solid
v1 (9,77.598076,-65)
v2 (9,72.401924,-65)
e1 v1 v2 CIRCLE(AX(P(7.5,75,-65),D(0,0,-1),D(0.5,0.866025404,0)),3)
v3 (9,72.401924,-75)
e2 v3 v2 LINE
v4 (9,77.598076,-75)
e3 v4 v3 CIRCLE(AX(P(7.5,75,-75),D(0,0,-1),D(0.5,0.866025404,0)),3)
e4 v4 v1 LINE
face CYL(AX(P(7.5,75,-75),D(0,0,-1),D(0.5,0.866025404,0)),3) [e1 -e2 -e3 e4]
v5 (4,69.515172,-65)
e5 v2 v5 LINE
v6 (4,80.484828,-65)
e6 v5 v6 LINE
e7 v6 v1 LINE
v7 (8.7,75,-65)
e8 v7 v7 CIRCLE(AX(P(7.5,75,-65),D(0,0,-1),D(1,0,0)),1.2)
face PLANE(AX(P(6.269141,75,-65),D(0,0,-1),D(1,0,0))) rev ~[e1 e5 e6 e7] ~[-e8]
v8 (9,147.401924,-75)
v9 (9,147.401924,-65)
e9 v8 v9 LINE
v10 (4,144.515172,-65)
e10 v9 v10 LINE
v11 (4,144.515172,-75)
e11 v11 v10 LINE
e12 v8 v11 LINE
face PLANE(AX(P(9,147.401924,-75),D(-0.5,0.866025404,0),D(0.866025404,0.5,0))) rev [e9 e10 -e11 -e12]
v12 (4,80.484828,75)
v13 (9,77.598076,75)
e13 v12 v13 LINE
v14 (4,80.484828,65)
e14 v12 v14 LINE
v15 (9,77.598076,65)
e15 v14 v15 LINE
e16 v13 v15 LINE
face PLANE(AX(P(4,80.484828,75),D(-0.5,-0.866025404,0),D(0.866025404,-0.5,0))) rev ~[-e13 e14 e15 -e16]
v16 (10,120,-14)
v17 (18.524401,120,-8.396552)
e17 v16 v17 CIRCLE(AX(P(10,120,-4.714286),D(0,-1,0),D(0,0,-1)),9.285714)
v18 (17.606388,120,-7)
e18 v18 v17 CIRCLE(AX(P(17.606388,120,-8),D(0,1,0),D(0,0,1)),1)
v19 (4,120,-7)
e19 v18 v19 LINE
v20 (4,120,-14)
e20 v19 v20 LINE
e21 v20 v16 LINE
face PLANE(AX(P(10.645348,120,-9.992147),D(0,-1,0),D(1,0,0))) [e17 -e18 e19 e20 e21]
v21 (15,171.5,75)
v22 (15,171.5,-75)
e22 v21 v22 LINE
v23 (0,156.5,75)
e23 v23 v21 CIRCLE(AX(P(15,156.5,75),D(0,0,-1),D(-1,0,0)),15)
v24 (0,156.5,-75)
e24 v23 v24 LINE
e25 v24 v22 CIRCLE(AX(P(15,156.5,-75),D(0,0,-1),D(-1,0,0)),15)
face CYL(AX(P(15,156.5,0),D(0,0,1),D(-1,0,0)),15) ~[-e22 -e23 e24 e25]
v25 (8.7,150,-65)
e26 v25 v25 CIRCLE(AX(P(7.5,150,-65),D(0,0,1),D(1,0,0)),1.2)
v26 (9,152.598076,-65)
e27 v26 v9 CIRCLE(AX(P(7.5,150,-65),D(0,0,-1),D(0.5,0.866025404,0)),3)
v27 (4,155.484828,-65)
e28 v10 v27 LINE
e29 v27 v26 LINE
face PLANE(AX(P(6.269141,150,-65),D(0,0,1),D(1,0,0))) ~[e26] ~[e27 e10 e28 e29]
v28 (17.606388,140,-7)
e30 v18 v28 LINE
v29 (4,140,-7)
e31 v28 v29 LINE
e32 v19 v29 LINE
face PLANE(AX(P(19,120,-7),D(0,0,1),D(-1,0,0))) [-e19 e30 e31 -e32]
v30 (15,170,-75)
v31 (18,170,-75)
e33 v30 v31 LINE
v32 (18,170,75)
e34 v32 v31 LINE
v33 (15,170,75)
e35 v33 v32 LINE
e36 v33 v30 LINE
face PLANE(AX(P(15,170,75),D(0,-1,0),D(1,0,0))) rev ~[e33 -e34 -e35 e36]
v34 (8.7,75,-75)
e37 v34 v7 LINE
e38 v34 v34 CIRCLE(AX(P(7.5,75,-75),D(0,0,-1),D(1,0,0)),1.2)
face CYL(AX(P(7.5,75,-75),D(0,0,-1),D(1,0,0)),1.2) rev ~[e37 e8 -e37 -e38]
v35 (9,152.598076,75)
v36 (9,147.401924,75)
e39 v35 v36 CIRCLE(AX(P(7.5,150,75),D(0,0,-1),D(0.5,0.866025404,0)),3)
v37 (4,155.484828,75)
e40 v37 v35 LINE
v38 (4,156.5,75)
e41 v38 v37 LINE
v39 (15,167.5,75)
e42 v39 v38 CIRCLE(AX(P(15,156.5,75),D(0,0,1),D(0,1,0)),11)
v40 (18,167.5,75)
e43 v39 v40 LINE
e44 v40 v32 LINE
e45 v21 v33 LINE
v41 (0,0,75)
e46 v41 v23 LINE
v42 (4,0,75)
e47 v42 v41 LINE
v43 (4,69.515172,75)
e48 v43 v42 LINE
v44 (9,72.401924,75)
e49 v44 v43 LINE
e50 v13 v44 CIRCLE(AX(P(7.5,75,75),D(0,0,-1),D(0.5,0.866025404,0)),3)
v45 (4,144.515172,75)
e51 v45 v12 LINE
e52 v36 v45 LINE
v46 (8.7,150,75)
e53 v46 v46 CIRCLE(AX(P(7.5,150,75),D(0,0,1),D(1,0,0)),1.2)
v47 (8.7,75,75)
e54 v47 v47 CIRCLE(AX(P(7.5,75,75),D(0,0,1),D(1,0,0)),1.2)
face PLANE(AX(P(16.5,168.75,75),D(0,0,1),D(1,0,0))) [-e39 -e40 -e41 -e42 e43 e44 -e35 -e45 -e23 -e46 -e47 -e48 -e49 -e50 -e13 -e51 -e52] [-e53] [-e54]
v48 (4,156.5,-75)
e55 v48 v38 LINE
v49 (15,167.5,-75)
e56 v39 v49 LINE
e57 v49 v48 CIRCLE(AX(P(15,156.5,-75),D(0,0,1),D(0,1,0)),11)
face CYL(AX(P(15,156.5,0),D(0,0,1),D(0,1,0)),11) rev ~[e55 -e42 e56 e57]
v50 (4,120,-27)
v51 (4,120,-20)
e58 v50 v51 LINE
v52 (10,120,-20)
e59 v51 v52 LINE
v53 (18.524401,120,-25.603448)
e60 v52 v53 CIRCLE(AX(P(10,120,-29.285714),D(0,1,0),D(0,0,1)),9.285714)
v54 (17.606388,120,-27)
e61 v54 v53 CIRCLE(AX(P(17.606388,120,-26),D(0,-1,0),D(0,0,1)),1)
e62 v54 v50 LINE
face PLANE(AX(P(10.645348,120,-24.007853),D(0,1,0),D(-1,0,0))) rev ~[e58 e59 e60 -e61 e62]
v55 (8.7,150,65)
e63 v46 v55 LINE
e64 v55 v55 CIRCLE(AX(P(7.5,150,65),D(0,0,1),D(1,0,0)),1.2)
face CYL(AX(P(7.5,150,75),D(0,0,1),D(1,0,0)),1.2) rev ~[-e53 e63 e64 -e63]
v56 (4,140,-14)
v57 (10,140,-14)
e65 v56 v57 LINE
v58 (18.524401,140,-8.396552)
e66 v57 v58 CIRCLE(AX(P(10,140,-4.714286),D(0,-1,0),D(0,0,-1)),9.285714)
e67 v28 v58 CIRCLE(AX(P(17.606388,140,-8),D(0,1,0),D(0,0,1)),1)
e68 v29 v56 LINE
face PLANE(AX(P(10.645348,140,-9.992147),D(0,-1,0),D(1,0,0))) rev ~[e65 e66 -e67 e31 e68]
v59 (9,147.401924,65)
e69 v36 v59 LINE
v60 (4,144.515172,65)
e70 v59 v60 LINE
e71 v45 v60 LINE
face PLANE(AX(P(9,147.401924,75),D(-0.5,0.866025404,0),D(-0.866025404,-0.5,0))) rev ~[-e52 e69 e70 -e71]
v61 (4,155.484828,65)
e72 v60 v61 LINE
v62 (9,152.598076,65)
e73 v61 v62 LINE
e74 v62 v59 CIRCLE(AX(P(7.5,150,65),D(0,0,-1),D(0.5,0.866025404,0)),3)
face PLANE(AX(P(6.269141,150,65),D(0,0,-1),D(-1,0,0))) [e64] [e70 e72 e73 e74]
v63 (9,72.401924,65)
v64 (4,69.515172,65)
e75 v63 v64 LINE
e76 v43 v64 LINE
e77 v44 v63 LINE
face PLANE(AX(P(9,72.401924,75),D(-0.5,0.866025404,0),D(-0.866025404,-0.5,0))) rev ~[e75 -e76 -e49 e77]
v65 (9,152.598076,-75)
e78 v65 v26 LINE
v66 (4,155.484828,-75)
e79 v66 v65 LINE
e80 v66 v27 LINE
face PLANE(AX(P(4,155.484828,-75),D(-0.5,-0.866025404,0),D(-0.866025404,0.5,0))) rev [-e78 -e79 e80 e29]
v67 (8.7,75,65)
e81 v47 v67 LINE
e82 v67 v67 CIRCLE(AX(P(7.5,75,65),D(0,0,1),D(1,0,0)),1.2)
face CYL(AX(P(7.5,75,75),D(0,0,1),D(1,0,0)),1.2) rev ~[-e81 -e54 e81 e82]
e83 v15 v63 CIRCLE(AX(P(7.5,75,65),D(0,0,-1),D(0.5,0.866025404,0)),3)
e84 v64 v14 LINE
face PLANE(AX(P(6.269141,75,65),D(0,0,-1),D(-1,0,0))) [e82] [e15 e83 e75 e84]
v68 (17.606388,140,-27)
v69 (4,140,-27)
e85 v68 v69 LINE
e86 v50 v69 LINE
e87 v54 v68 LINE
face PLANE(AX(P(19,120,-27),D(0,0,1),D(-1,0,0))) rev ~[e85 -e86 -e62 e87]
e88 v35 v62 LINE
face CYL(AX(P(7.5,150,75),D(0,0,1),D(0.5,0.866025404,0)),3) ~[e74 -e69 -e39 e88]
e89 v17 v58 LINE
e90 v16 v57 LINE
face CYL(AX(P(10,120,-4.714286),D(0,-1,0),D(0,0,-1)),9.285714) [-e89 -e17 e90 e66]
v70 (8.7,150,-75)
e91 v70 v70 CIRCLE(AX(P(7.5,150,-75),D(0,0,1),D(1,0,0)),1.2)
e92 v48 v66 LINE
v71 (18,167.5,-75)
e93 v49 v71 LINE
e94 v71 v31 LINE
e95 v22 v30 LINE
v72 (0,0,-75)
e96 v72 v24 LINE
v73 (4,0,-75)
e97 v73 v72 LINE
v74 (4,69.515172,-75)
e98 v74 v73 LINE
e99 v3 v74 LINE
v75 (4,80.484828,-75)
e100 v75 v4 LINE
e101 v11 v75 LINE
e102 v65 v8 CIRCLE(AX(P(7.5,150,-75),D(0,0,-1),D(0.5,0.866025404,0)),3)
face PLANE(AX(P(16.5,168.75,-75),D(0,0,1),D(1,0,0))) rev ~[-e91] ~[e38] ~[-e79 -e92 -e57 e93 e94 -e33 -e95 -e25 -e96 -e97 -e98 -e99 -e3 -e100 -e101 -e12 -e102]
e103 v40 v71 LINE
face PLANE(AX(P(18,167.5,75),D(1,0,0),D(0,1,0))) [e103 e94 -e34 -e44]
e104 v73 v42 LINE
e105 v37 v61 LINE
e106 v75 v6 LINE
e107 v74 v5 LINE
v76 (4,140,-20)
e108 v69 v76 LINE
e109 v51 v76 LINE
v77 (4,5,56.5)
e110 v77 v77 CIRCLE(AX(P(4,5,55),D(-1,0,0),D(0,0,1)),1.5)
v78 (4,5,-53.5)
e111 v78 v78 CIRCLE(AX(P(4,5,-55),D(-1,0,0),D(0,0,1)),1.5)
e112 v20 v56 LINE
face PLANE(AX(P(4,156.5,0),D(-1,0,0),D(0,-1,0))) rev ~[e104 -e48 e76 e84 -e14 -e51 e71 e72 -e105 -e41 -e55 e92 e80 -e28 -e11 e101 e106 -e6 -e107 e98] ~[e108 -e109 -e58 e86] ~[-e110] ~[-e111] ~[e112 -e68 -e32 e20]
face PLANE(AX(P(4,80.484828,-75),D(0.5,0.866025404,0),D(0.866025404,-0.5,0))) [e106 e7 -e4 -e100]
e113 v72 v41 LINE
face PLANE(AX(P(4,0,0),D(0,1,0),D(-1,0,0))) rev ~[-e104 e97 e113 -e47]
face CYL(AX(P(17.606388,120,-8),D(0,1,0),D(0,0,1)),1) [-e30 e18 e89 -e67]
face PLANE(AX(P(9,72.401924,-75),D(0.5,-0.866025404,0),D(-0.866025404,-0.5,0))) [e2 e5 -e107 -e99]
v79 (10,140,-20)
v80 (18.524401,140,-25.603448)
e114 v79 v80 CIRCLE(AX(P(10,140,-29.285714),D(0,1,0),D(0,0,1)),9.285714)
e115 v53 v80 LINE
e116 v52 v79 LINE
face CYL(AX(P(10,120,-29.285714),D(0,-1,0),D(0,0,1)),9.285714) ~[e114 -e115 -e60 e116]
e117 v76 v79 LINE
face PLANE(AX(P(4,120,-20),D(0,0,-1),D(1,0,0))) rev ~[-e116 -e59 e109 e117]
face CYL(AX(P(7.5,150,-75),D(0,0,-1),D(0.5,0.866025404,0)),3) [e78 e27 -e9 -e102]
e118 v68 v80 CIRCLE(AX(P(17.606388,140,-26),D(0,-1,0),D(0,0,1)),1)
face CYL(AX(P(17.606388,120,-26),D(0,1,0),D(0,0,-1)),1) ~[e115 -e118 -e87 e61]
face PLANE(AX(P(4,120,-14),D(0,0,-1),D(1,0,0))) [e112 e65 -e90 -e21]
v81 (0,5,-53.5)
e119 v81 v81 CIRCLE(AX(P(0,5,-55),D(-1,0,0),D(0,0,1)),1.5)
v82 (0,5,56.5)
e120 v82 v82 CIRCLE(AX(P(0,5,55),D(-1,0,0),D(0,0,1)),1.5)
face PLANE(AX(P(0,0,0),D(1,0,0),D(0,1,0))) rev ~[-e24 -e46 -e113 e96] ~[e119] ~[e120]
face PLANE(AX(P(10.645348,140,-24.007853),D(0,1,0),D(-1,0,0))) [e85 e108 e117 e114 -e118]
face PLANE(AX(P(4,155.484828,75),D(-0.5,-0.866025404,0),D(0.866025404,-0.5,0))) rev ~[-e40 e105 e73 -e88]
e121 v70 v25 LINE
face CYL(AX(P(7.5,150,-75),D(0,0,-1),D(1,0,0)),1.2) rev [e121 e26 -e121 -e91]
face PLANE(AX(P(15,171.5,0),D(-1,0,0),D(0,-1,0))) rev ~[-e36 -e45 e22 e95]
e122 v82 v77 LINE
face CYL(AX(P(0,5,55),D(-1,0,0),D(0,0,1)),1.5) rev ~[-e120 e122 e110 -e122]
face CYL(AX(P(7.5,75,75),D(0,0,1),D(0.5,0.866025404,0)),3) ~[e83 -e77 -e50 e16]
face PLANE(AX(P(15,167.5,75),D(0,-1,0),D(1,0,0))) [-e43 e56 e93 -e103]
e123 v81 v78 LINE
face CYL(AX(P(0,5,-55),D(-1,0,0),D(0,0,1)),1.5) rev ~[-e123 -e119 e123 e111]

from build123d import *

# Parameters (mm, degrees)
EXTRU_MINCE1_DEPTH                   = 75
ESQUISSE2_R                          = 1.5
ENL_V_MAT_EXTRU_1_DEPTH              = 188.782453919
ESQUISSE3_W                          = 3
ESQUISSE3_H                          = 2.5
BOSS_EXTRU_1_DEPTH                   = 150
ESQUISSE4_R                          = 1.2
BOSS_EXTRU_2_DEPTH                   = 10
R_P_TITION_LIN_AIRE1_COUNT           = 2
R_P_TITION_LIN_AIRE1_PITCH           = 75
R_P_TITION_LIN_AIRE1_COPY_1_SKETCH_R = 1.2
R_P_TITION_LIN_AIRE1_COPY_1_DEPTH    = 10
BOSS_EXTRU_3_START                   = -120
BOSS_EXTRU_3_DEPTH                   = 20
CONG_1_R                             = 1


with BuildPart() as part:
    # Esquisse1 → Extru.-Mince1 (new, symmetric)
    with BuildSketch(Plane.XY):
        with BuildLine():
            Line((0, 0), (0, 156.5))
            ThreePointArc((0, 156.5), (4.393398282, 167.106601718), (15, 171.5))
            Line((15, 171.5), (15, 167.5))
            ThreePointArc((15, 167.5), (7.221825407, 164.278174593), (4, 156.5))
            Line((4, 156.5), (4, 0))
            Line((4, 0), (0, 0))
        make_face()
    extrude(amount=EXTRU_MINCE1_DEPTH, both=True)

    # Esquisse2 → Enlèv. mat.-Extru.1 (cut, through all)
    with BuildSketch(Plane.ZY):
        with Locations((-55, 5)):
            Circle(ESQUISSE2_R)
        with Locations((55, 5)):
            Circle(ESQUISSE2_R)
    extrude(amount=-ENL_V_MAT_EXTRU_1_DEPTH, mode=Mode.SUBTRACT)

    # Esquisse3 → Boss.-Extru.1 (add)
    with BuildSketch(Plane.XY.offset(75)):
        with Locations((16.5, 168.75)):
            Rectangle(ESQUISSE3_W, ESQUISSE3_H)
    extrude(amount=-BOSS_EXTRU_1_DEPTH)

    # Esquisse4 → Boss.-Extru.2 (add)
    with BuildSketch(Plane.XY.offset(75)):
        with BuildLine():
            Line((4, 155.484827557), (9, 152.598076211))
            ThreePointArc((9, 152.598076211), (10.5, 150), (9, 147.401923789))
            Line((9, 147.401923789), (4, 144.515172443))
            Line((4, 144.515172443), (4, 155.484827557))
        make_face()
        with Locations((7.5, 150)):
            Circle(ESQUISSE4_R, mode=Mode.SUBTRACT)
    boss_extru_2 = extrude(amount=-BOSS_EXTRU_2_DEPTH)

    # Symétrie1: Boss.-Extru.2 across plane
    add(boss_extru_2.mirror(Plane.XY))

    # Répétition linéaire1: Boss.-Extru.2 ×2
    with Locations(*[(0, -i * R_P_TITION_LIN_AIRE1_PITCH, 0) for i in range(1, R_P_TITION_LIN_AIRE1_COUNT)]):
        add(boss_extru_2)

    # Répétition linéaire1 copy 1 sketch → Répétition linéaire1 copy 1 (add)
    with BuildSketch(Plane(origin=(0, -75, -75), x_dir=(1, 0, 0), z_dir=(0, 0, -1))):
        with BuildLine():
            Line((4, -155.484827557), (9, -152.598076211))
            ThreePointArc((9, -152.598076211), (10.5, -150), (9, -147.401923789))
            Line((9, -147.401923789), (4, -144.515172443))
            Line((4, -144.515172443), (4, -155.484827557))
        make_face()
        with Locations((7.5, -150)):
            Circle(R_P_TITION_LIN_AIRE1_COPY_1_SKETCH_R, mode=Mode.SUBTRACT)
    extrude(amount=-R_P_TITION_LIN_AIRE1_COPY_1_DEPTH)

    # Esquisse5 → Boss.-Extru.3 (add)
    with BuildSketch(Plane.XZ.offset(BOSS_EXTRU_3_START)):
        with BuildLine():
            Line((4, -14), (10, -14))
            ThreePointArc((10, -14), (15.700877125, -12.043984876), (19, -7))
            Line((19, -7), (4, -7))
            Line((4, -7), (4, -14))
        make_face()
        with BuildLine():
            Line((4, -27), (4, -20))
            Line((4, -20), (10, -20))
            ThreePointArc((10, -20), (15.700877125, -21.956015124), (19, -27))
            Line((19, -27), (4, -27))
        make_face()
    extrude(amount=-BOSS_EXTRU_3_DEPTH)

    # Congé1
    cong_1_edges = [part.edges().sort_by_distance(p)[0] for p in [
        (19, 130, -7),
        (19, 130, -27),
    ]]
    fillet(cong_1_edges, radius=CONG_1_R)


solid = part.part
